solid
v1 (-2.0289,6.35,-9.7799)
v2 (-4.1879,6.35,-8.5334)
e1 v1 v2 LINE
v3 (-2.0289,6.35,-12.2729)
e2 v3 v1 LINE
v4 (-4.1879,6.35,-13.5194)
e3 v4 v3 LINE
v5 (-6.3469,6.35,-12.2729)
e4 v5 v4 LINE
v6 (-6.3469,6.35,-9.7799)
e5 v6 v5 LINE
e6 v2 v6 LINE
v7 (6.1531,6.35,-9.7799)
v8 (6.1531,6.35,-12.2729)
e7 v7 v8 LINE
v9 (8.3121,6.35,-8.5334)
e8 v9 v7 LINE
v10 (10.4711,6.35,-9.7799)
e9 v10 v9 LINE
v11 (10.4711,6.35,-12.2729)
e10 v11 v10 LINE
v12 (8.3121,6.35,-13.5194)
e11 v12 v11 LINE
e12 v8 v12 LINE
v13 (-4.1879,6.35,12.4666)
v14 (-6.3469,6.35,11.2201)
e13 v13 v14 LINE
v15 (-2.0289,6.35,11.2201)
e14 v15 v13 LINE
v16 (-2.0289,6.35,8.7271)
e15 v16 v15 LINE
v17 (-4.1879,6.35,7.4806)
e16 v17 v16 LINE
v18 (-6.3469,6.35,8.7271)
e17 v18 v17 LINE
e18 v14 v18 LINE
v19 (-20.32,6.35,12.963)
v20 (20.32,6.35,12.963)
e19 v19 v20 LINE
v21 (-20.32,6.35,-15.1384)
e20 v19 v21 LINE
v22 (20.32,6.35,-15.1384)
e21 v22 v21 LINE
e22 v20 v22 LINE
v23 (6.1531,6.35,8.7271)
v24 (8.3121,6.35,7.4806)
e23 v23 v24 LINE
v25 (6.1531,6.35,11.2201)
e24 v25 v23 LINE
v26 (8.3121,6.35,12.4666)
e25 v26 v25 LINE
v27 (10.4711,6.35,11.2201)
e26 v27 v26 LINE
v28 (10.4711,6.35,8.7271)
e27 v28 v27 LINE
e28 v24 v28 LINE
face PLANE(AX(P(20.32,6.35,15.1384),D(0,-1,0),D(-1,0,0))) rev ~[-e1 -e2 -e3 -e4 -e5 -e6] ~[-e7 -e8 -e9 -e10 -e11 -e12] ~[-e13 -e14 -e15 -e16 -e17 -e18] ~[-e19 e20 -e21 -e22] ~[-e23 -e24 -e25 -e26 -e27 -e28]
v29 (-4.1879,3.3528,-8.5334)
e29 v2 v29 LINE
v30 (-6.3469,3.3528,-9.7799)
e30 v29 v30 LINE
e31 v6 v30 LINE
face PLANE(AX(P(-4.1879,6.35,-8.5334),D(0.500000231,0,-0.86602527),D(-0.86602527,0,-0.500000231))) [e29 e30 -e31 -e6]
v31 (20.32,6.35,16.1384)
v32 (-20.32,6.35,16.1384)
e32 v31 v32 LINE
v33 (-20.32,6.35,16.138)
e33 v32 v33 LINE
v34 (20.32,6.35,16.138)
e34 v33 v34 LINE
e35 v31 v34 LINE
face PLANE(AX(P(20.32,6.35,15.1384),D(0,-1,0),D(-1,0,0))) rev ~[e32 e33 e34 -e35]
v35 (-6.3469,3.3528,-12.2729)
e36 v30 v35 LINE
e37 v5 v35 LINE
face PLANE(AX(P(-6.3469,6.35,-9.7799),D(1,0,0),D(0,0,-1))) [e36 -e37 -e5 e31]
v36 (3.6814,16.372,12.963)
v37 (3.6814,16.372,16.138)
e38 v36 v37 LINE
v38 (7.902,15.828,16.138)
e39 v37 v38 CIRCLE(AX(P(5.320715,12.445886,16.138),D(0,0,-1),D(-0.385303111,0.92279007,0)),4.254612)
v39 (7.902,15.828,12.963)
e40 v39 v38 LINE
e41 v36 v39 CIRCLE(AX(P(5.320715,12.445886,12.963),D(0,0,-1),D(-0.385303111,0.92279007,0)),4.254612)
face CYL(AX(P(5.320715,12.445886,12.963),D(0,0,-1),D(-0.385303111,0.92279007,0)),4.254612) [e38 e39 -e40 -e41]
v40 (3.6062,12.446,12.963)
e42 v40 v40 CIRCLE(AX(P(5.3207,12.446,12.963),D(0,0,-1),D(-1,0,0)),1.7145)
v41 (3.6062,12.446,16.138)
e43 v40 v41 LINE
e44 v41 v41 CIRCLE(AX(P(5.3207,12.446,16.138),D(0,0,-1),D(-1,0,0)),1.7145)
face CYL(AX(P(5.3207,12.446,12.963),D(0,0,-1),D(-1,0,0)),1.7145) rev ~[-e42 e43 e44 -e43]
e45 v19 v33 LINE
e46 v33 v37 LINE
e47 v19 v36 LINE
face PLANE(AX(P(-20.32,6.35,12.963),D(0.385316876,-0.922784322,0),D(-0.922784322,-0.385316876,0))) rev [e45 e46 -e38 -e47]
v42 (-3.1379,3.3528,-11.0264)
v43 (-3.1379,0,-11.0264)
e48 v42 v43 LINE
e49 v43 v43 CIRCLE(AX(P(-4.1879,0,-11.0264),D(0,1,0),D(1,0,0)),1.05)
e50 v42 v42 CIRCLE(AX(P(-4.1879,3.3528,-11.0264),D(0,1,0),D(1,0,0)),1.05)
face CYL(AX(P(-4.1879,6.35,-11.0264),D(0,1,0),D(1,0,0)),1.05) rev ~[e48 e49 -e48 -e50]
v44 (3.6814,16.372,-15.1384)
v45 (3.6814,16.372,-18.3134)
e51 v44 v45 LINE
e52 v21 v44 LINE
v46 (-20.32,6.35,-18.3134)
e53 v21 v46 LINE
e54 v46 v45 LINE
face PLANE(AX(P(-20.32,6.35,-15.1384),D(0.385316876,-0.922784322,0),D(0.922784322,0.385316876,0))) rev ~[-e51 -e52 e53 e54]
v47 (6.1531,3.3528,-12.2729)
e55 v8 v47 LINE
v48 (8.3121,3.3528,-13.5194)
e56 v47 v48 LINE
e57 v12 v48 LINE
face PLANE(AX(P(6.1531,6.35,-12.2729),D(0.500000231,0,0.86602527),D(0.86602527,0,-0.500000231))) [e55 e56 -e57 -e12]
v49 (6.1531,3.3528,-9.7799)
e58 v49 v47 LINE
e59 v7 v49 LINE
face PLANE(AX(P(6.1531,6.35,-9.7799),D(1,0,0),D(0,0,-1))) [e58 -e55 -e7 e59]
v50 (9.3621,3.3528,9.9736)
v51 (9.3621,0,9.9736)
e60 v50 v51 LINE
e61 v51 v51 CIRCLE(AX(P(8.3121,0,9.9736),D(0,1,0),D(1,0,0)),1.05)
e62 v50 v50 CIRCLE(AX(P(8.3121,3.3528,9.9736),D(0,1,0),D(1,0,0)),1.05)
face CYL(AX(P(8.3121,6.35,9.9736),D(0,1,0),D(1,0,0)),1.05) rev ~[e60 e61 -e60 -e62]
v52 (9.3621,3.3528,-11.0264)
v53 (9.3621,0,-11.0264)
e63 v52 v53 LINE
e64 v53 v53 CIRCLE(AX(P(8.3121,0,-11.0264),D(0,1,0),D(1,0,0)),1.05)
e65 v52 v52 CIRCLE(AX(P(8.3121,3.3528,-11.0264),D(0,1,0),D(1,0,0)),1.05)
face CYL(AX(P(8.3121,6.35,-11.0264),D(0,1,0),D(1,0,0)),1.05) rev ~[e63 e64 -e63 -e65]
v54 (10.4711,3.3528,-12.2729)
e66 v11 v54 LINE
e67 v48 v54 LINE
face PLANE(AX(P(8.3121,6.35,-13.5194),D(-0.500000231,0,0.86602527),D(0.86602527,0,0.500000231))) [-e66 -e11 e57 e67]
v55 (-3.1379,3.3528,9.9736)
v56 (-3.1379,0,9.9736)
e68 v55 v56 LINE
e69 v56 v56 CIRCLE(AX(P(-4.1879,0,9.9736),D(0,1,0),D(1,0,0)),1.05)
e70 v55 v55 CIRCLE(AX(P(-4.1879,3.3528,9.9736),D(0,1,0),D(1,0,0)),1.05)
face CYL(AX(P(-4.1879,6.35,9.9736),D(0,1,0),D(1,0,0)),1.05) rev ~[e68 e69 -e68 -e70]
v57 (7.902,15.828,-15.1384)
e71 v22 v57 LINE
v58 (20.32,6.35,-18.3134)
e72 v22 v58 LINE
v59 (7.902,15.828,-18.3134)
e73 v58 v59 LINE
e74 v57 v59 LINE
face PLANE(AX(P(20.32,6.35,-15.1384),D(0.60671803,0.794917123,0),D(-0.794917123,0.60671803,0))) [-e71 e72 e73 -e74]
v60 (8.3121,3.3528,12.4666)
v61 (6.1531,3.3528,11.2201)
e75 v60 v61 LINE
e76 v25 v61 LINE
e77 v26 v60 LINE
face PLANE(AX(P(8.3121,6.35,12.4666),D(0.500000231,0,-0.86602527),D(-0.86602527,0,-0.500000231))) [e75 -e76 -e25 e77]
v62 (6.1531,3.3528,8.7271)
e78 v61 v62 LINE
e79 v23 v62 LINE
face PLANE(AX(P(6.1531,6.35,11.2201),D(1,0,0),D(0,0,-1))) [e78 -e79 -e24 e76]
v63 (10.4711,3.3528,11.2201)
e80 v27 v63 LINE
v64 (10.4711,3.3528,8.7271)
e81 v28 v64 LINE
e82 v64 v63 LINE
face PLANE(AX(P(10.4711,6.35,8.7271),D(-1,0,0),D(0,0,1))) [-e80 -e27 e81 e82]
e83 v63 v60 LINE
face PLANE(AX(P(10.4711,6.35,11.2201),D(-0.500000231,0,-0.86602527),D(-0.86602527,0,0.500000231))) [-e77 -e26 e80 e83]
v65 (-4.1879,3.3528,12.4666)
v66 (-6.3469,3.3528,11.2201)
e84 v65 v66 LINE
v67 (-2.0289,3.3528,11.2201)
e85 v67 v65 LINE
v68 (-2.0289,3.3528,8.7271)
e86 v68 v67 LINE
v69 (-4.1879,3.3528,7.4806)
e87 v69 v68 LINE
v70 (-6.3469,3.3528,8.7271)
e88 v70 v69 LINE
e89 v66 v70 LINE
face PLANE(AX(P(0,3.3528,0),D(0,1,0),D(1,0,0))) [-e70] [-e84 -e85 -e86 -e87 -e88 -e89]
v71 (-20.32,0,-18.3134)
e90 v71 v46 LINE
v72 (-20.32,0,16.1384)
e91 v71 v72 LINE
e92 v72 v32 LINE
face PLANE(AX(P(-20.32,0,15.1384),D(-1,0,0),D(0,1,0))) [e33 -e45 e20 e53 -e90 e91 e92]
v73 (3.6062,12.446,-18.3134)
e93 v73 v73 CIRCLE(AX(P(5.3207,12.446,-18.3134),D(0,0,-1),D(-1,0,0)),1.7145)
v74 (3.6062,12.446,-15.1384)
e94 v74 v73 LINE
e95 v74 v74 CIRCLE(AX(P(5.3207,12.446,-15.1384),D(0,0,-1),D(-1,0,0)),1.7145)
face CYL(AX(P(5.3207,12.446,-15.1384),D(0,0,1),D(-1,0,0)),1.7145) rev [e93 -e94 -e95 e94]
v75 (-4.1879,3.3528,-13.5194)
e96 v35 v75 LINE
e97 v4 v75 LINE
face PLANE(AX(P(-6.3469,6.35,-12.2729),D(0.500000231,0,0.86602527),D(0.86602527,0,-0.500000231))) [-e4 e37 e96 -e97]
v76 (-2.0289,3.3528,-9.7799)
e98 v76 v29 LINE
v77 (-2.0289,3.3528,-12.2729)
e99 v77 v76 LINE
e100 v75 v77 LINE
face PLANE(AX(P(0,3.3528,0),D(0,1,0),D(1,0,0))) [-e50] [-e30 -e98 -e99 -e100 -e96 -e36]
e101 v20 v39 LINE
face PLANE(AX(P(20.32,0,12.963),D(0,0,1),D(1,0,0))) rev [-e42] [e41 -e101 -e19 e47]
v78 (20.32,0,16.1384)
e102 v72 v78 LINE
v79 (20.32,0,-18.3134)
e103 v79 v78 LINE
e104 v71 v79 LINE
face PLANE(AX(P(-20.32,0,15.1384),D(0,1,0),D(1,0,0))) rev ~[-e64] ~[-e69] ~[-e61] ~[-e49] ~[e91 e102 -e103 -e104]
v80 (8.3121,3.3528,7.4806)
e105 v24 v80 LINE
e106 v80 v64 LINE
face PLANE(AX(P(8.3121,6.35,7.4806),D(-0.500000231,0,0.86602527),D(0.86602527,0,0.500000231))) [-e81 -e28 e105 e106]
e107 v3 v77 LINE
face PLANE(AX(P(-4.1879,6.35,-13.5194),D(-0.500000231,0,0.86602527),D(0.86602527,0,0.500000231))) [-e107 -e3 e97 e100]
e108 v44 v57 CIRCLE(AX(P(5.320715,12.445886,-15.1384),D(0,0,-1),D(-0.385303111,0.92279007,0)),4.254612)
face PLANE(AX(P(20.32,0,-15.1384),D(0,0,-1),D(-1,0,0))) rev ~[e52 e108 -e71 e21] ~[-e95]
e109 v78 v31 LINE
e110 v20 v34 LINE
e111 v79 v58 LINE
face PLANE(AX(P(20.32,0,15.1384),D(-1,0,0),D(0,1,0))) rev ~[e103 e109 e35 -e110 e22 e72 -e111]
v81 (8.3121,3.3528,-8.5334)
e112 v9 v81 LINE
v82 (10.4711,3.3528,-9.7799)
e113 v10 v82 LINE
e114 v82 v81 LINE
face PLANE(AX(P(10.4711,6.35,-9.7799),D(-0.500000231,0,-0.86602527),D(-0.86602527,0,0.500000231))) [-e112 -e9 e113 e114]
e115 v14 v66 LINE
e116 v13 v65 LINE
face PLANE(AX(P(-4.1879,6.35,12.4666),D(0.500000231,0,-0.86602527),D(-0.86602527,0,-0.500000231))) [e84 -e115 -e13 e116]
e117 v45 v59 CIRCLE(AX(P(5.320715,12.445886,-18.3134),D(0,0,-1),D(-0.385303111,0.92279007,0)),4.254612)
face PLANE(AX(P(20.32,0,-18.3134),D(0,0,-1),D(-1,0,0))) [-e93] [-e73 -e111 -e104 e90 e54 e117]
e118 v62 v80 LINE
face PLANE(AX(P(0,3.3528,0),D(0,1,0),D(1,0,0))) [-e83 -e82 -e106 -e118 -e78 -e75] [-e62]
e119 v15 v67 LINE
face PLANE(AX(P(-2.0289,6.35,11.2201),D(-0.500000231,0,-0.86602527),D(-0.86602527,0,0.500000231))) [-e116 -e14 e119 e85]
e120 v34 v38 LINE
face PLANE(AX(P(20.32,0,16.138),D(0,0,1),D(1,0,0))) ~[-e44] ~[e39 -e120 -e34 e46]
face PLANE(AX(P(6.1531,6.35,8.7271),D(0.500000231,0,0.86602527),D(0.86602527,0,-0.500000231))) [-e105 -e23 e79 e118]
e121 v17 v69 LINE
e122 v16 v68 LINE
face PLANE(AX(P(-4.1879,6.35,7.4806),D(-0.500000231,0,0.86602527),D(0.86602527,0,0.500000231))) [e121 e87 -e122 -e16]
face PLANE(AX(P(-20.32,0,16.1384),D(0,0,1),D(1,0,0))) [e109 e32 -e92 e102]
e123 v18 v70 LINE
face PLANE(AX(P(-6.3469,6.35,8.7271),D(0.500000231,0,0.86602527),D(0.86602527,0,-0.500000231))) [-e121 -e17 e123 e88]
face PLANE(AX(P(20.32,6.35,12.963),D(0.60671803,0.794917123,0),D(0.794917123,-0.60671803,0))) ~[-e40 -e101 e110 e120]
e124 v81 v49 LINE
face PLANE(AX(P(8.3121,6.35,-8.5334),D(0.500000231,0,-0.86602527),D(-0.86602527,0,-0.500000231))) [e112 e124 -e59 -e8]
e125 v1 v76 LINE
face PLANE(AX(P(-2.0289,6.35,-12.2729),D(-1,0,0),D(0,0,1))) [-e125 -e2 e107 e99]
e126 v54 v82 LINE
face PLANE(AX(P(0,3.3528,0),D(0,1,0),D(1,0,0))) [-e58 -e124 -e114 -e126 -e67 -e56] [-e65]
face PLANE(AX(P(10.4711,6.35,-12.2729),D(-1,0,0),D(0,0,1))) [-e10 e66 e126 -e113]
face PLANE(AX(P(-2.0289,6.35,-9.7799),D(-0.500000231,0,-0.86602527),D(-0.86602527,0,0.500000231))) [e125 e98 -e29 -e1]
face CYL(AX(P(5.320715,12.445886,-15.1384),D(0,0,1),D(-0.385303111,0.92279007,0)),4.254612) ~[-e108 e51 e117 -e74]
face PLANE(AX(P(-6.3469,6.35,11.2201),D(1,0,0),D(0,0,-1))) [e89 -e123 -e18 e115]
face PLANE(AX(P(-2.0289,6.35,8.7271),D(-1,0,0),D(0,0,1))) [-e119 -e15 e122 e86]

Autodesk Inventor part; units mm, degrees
sketch "Sketch1" plane through (0, 0, 0) normal (0, 1, 0) x (-1, 0, 0)
  line L0 (-20.32, 15.1384) -> (-20.32, -15.1384)
  line L1 (-20.32, -15.1384) -> (20.32, -15.1384)
  line L2 (20.32, -15.1384) -> (20.32, 15.1384)
  line L3 (20.32, 15.1384) -> (-20.32, -15.1384) construction
  line L4 (-20.32, 15.1384) -> (20.32, -15.1384) construction
  line L5 (20.32, 15.1384) -> (-20.32, 15.1384)
  point P0 (0, 0)
  dimension "d9" = 30.2768
  dimension "d23" = 40.64
extrude "Extrusion1" add sketch "Sketch1" along normal blind 6.35
sketch "Sketch3" plane through (-20.32, 0, 15.1384) normal (0, 0, 1) x (1, 0, 0)
  point P0 (20.32, 0)
  point P1 (0, 0)
sketch "Sketch4" plane through (20.32, 0, -15.1384) normal (0, 0, -1) x (-1, 0, 0)
  line L0 (0, 0) -> (0, 6.35)
  line L1 (0, 6.35) -> (12.418, 15.828)
  line L2 (40.64, 0) -> (40.64, 6.35)
  line L3 (40.64, 6.35) -> (16.6386, 16.372)
  arc A0 (16.6386, 16.372) -> (12.418, 15.828) centre (14.9993, 12.446) ccw
  line L4 (40.64, 0) -> (0, 0)
  circle A1 centre (14.9993, 12.446) radius 1.7145
  circle A2 centre (14.9993, 12.446) radius 2.4511 projected
  point P0 (20.32, 0)
  dimension "d14" = 3.429
  dimension "d24" = 2.54
ref_plane "Work Plane5" through (-20.32, 0, 18.3236) normal (0, 0, 1) x (1, 0, 0)
extrude "Extrusion6" add sketch "Sketch4" along normal blind 3.175 contours L0 L1 A0 L3 L2 L4 | A2
sketch "Sketch6" plane through (0, 6.35, 0) normal (0, 1, 0) x (1, 0, 0)
  circle A0 centre (-4.1879, -9.9736) radius 1.05 projected
  circle A1 centre (8.3121, -9.9736) radius 1.05 projected
  circle A2 centre (8.3121, 11.0264) radius 1.05 projected
  circle A3 centre (-4.1879, 11.0264) radius 1.05 projected
  point P0 (0, 0)
extrude "Extrusion7" cut sketch "Sketch6" against normal up to next
ref_plane "Work Plane4" through (-20.32, 0, 18.3236) normal (0, 0, 1) x (1, 0, 0)
sketch "Sketch13" plane through (0, 6.35, 0) normal (0, 1, 0) x (1, 0, 0)
  circle A0 centre (-4.1879, 11.0264) radius 1.05
  line L0 (-2.0289, 9.7799) -> (-4.1879, 8.5334)
  line L1 (-4.1879, 8.5334) -> (-6.3469, 9.7799)
  line L2 (-6.3469, 9.7799) -> (-6.3469, 12.2729)
  line L3 (-6.3469, 12.2729) -> (-4.1879, 13.5194)
  line L4 (-4.1879, 13.5194) -> (-2.0289, 12.2729)
  line L5 (-2.0289, 12.2729) -> (-2.0289, 9.7799)
  circle A1 centre (8.3121, 11.0264) radius 1.05
  line L6 (10.4711, 9.7799) -> (8.3121, 8.5334)
  line L7 (8.3121, 8.5334) -> (6.1531, 9.7799)
  line L8 (6.1531, 9.7799) -> (6.1531, 12.2729)
  line L9 (6.1531, 12.2729) -> (8.3121, 13.5194)
  line L10 (8.3121, 13.5194) -> (10.4711, 12.2729)
  line L11 (10.4711, 12.2729) -> (10.4711, 9.7799)
  circle A2 centre (-4.1879, -9.9736) radius 1.05
  line L12 (-2.0289, -11.2201) -> (-4.1879, -12.4666)
  line L13 (-4.1879, -12.4666) -> (-6.3469, -11.2201)
  line L14 (-6.3469, -11.2201) -> (-6.3469, -8.7271)
  line L15 (-6.3469, -8.7271) -> (-4.1879, -7.4806)
  line L16 (-4.1879, -7.4806) -> (-2.0289, -8.7271)
  line L17 (-2.0289, -8.7271) -> (-2.0289, -11.2201)
  circle A3 centre (8.3121, -9.9736) radius 1.05
  line L18 (10.4711, -11.2201) -> (8.3121, -12.4666)
  line L19 (8.3121, -12.4666) -> (6.1531, -11.2201)
  line L20 (6.1531, -11.2201) -> (6.1531, -8.7271)
  line L21 (6.1531, -8.7271) -> (8.3121, -7.4806)
  line L22 (8.3121, -7.4806) -> (10.4711, -8.7271)
  line L23 (10.4711, -8.7271) -> (10.4711, -11.2201)
  line L24 (-20.32, 15.1384) -> (-20.32, -15.1384) projected
  circle A4 centre (0, 0) radius 1.7967
extrude "Extrusion12" cut sketch "Sketch13" against normal blind 2.9972 contours L0 L1 L2 L3 L4 L5 | L6 L7 L8 L9 L10 L11 | L12 L13 L14 L15 L16 L17 | L18 L19 L20 L21 L22 L23
ref_plane "Work Plane2" through (-20.32, 0, 18.3236) normal (0, 0, 1) x (1, 0, 0)
ref_plane "Work Plane7" through (-20.32, 0, -1.5875) normal (0, 0, 1) x (1, 0, 0)
sketch "Sketch17" plane through (-20.32, 0, 15.1384) normal (0, 0, 1) x (1, 0, 0)
  line L0 (0, 0) -> (0, 6.35) projected
  line L1 (40.64, 6.35) -> (0, 6.35) projected
  line L2 (0, 0) -> (40.64, 0)
  line L3 (40.64, 0) -> (40.64, 6.35)
  line L4 (40.64, 6.35) -> (0, 6.35)
  line L5 (0, 6.35) -> (0, 0)
  point P0 (20.32, 0)
extrude "Extrusion16" add sketch "Sketch17" along normal blind 1
ref_plane "Work Plane9" through (-20.32, 0, -1.0877) normal (0, 0, 1) x (1, 0, 0)
mirror "Mirror2" about plane through (-20.32, 0, -1.0877) normal (0, 0, 1) of "Extrusion6"
properties part number "CameraMount" material "ABS Plastic"
